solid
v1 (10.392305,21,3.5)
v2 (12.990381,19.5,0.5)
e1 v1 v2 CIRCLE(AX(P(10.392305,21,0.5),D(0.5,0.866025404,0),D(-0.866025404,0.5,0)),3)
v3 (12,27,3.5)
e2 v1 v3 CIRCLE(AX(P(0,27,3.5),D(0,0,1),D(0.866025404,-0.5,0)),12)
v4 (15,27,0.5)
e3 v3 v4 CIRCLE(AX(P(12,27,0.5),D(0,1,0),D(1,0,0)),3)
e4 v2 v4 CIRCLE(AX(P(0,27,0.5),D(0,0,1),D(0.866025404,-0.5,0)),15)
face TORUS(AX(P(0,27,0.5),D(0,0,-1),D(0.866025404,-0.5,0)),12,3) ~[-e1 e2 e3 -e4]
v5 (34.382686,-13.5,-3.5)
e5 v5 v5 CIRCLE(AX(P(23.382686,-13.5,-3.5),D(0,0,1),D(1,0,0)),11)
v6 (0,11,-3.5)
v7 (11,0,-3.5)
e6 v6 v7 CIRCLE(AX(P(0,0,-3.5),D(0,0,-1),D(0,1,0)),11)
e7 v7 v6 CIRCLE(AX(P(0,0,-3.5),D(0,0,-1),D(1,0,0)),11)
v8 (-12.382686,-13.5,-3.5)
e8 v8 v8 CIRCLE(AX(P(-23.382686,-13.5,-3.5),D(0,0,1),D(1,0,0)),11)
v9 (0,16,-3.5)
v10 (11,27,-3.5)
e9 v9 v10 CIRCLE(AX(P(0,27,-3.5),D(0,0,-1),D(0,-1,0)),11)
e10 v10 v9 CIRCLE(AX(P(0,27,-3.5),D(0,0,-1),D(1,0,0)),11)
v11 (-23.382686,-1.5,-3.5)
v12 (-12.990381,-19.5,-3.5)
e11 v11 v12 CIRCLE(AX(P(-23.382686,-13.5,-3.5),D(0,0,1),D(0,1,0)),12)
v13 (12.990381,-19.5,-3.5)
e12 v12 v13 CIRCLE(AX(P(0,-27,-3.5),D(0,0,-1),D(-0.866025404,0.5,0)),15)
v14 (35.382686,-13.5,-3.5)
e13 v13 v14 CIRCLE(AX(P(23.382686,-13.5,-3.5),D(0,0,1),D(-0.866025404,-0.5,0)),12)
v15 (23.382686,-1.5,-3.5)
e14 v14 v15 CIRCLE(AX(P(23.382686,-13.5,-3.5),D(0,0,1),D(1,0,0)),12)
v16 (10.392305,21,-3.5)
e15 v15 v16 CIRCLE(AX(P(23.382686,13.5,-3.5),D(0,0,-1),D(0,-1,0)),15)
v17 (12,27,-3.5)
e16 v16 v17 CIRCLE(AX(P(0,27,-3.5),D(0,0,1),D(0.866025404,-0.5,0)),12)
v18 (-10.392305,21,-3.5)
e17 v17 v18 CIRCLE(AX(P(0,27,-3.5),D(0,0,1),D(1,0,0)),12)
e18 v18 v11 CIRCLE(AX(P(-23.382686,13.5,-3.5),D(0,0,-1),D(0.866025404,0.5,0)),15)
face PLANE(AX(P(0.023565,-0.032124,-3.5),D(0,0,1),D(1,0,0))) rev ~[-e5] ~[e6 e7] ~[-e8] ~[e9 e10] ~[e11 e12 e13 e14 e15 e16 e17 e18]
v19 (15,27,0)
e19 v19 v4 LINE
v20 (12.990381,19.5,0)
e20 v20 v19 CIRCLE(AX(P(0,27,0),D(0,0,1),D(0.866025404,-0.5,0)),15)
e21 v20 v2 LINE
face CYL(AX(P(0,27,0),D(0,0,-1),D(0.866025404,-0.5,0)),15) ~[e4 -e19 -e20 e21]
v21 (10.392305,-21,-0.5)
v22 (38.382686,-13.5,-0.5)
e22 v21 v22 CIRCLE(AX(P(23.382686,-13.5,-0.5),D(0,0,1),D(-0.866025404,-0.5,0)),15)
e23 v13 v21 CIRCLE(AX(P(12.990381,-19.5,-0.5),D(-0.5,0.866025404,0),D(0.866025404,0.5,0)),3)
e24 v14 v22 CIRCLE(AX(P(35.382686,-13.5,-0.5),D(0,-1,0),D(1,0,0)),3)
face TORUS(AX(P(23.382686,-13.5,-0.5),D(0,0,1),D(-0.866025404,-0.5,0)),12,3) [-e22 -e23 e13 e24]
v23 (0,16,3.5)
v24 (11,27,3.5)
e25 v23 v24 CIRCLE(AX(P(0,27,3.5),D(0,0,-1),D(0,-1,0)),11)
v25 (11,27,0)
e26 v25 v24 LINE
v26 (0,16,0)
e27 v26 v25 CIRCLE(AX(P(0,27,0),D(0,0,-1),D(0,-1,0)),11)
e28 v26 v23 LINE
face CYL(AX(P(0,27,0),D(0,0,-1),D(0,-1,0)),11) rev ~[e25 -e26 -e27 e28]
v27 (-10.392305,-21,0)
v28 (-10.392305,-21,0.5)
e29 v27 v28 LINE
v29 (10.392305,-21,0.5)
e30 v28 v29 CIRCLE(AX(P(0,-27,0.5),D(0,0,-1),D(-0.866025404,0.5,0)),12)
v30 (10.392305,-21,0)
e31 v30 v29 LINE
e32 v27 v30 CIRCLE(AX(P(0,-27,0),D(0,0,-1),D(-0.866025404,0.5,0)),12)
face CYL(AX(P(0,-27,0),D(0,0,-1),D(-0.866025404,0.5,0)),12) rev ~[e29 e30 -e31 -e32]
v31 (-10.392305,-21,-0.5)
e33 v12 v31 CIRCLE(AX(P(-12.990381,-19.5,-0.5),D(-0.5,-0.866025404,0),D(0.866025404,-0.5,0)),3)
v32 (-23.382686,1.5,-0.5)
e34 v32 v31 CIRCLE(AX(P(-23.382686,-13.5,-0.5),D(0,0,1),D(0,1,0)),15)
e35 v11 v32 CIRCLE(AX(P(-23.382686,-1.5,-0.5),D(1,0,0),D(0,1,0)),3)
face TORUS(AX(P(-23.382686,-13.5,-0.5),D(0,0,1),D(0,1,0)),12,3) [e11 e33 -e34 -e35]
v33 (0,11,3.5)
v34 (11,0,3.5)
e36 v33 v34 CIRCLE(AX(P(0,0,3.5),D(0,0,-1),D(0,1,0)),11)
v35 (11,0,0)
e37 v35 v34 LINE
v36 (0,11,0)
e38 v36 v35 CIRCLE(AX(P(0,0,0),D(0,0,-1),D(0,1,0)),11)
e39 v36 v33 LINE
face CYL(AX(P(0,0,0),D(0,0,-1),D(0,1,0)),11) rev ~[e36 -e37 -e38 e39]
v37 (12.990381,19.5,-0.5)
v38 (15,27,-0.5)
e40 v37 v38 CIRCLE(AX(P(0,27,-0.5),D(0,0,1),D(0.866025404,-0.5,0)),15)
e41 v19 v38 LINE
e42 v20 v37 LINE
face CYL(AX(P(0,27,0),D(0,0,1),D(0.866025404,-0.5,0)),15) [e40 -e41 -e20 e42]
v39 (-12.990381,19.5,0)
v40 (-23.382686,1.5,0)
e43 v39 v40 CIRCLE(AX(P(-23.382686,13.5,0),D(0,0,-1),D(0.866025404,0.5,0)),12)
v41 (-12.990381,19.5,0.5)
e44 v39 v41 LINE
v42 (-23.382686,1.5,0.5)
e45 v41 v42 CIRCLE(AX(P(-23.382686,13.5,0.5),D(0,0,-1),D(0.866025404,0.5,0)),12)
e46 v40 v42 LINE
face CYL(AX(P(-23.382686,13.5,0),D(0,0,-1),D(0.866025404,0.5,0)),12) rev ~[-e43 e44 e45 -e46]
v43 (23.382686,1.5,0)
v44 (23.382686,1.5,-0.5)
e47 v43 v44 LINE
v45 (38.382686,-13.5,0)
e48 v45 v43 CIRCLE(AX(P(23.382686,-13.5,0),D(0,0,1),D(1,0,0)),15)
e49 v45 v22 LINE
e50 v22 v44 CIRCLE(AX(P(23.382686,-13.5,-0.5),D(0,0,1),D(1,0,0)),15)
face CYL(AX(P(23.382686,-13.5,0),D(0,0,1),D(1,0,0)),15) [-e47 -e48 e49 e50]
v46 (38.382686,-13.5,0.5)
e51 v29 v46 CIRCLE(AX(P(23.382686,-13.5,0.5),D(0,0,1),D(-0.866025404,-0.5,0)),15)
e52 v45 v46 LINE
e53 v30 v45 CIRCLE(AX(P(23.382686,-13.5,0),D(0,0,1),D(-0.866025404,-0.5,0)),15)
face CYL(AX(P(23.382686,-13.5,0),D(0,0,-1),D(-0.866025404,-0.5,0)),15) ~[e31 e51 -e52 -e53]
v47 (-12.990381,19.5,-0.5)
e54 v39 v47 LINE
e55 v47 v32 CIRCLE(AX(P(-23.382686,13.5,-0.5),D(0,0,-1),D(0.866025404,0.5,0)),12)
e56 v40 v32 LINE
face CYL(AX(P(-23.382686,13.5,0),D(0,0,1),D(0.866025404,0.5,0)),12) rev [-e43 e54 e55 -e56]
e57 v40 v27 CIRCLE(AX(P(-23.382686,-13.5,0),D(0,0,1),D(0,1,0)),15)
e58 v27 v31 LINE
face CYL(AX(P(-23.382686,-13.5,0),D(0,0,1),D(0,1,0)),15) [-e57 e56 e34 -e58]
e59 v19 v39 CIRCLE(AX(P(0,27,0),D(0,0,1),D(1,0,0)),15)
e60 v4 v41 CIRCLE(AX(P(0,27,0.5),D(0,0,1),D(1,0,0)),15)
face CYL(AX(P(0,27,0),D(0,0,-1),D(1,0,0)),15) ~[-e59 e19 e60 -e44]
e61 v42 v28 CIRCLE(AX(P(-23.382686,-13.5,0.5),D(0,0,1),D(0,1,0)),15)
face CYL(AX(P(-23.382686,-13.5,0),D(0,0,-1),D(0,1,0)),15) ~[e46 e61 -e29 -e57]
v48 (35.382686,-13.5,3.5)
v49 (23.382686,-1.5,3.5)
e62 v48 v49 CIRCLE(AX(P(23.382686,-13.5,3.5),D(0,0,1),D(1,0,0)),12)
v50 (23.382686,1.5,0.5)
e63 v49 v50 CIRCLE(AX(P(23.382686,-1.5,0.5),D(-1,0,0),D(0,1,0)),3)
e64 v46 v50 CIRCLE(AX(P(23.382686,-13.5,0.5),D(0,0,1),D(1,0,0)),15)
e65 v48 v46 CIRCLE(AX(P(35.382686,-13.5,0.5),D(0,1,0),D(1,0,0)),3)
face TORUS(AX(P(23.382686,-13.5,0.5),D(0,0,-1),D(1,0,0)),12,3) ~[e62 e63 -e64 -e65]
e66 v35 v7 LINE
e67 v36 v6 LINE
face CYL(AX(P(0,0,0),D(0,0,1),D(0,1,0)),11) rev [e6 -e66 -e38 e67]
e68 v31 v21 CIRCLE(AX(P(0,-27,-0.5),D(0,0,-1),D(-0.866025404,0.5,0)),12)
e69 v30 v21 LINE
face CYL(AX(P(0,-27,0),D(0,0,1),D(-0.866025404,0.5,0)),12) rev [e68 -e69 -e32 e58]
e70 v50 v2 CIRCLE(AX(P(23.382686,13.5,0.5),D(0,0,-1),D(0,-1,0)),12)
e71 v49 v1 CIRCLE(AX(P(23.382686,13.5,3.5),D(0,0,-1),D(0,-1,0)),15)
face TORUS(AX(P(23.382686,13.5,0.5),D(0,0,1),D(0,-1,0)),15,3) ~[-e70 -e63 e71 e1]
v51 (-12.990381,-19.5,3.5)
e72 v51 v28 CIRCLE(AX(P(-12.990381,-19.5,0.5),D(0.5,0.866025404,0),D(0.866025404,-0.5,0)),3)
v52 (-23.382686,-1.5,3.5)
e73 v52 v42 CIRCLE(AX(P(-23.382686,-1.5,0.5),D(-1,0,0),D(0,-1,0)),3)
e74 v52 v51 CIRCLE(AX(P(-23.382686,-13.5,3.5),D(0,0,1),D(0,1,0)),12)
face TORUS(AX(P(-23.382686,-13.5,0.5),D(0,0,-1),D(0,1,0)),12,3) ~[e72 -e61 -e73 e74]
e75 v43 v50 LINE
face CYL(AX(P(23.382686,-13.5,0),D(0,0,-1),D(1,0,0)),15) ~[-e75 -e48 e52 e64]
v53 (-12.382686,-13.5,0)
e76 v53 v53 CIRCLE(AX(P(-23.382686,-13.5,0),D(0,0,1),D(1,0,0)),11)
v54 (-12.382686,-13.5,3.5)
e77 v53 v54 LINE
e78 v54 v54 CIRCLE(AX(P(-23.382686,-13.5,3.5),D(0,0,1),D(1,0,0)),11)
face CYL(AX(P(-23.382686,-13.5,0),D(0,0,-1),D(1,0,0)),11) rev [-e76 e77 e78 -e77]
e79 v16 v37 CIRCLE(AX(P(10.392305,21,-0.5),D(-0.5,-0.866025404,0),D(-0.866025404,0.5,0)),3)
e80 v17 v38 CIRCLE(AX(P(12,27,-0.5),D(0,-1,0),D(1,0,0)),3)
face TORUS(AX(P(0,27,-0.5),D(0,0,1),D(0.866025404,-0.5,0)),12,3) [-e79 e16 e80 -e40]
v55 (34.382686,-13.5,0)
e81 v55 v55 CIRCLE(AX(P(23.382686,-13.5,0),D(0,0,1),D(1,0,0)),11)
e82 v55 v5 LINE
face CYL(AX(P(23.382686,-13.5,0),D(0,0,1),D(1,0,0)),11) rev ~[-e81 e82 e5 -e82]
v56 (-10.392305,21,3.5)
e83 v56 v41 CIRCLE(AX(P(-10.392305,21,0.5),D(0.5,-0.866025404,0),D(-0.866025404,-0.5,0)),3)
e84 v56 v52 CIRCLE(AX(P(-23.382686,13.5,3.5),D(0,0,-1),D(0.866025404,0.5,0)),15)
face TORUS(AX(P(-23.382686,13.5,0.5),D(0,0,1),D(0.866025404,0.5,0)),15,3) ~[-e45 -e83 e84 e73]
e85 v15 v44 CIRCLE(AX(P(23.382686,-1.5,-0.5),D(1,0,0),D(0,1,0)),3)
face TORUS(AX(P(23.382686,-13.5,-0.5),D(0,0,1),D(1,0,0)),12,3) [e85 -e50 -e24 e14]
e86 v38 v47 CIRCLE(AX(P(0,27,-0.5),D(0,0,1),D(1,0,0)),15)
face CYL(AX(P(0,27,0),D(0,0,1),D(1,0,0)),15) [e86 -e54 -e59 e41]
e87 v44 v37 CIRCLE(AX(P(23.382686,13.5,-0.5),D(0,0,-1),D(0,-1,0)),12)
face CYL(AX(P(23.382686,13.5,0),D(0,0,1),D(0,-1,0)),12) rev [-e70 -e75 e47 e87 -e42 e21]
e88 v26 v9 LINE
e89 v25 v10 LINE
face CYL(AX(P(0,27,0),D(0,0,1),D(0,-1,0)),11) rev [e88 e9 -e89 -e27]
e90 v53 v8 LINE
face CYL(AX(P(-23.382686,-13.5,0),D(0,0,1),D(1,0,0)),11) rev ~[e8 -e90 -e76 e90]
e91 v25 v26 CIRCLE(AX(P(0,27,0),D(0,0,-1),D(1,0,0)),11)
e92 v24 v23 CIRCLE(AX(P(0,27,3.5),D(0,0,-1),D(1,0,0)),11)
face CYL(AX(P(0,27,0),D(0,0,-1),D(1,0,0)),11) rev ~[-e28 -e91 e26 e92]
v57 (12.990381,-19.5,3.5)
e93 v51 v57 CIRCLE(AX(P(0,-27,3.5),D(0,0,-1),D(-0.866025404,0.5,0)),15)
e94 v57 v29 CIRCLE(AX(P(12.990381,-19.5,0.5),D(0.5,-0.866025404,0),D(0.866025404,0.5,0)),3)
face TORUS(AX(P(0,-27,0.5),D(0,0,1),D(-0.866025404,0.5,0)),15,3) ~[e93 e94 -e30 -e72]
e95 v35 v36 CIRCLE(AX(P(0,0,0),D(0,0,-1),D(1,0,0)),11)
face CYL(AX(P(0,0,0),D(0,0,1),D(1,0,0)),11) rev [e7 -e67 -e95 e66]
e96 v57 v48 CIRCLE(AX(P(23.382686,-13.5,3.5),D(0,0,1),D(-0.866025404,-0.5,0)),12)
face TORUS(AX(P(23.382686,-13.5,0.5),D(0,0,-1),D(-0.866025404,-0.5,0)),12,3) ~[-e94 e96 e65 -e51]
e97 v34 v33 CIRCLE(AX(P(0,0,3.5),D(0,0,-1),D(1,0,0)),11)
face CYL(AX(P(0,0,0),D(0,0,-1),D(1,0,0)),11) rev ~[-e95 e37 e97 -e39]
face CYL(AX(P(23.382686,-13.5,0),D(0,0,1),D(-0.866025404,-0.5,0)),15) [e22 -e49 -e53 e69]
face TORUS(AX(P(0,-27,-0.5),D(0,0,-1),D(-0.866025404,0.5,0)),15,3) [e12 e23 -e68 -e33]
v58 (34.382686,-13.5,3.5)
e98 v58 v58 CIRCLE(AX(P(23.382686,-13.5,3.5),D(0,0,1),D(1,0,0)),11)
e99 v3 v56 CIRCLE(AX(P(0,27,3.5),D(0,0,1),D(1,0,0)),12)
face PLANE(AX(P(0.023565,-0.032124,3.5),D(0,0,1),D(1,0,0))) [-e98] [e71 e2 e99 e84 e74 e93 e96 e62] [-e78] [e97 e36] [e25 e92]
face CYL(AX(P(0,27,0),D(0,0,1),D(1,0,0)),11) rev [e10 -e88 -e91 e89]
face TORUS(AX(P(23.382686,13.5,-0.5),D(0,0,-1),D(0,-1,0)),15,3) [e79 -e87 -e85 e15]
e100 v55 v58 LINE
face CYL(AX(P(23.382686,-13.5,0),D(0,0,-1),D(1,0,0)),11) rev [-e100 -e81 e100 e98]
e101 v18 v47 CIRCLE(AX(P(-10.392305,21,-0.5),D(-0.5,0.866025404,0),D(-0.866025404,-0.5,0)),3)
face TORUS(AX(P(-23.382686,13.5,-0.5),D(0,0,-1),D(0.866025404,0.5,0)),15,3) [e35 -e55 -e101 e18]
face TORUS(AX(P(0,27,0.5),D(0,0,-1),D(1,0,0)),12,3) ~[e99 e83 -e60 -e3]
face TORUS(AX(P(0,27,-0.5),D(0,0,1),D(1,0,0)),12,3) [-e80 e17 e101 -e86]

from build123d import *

# Parameters (mm, degrees)
F0_R     = 11
F1_DEPTH = 3.5
F2_R     = 3


with BuildPart() as f1:
    # F0 (on Top) → F1 (new body, symmetric)
    with BuildSketch(Plane.XY):
        with BuildLine():
            ThreePointArc((12.9903810568, 19.5), (7.5, 14.0096189432), (0, 12))
            ThreePointArc((0, 12), (-7.5, 14.0096189432), (-12.9903810568, 19.5))
            ThreePointArc((-12.9903810568, 19.5), (-12.9903810568, 7.5), (-23.3826859022, 1.5))
            ThreePointArc((-23.3826859022, 1.5), (-12.7760841844, -2.8933982822), (-8.3826859022, -13.5))
            ThreePointArc((-8.3826859022, -13.5), (-8.8937985078, -17.3822856765), (-10.3923048454, -21))
            ThreePointArc((-10.3923048454, -21), (0, -15), (10.3923048454, -21))
            ThreePointArc((10.3923048454, -21), (10.3923048454, -6), (23.3826859022, 1.5))
            ThreePointArc((23.3826859022, 1.5), (12.9903810568, 7.5), (12.9903810568, 19.5))
        make_face()
        with BuildLine():
            ThreePointArc((0, 11), (7.7781745931, 7.7781745931), (11, 0))
            ThreePointArc((11, 0), (-7.7781745931, -7.7781745931), (0, 11))
        make_face(mode=Mode.SUBTRACT)
        with BuildLine():
            ThreePointArc((-12.9903810568, 19.5), (-7.5, 14.0096189432), (0, 12))
            ThreePointArc((0, 12), (7.5, 14.0096189432), (12.9903810568, 19.5))
            ThreePointArc((12.9903810568, 19.5), (14.4888873943, 23.1177143235), (15, 27))
            ThreePointArc((15, 27), (-3.8822856765, 41.4888873943), (-12.9903810568, 19.5))
        make_face()
        with BuildLine():
            ThreePointArc((11, 27), (7.7781745931, 19.2218254069), (0, 16))
            ThreePointArc((0, 16), (-7.7781745931, 34.7781745931), (11, 27))
        make_face(mode=Mode.SUBTRACT)
        with BuildLine():
            ThreePointArc((-8.3826859022, -13.5), (-12.7760841844, -2.8933982822), (-23.3826859022, 1.5))
            ThreePointArc((-23.3826859022, 1.5), (-36.3730669589, -21), (-10.3923048454, -21))
            ThreePointArc((-10.3923048454, -21), (-8.8937985078, -17.3822856765), (-8.3826859022, -13.5))
        make_face()
        with Locations((-23.3826859022, -13.5)):
            Circle(F0_R, mode=Mode.SUBTRACT)
        with BuildLine():
            ThreePointArc((38.3826859022, -13.5), (33.98928762, -2.8933982822), (23.3826859022, 1.5))
            ThreePointArc((23.3826859022, 1.5), (10.3923048454, -6), (10.3923048454, -21))
            ThreePointArc((10.3923048454, -21), (27.2649715787, -27.9888873943), (38.3826859022, -13.5))
        make_face()
        with Locations((23.3826859022, -13.5)):
            Circle(F0_R, mode=Mode.SUBTRACT)
    extrude(amount=F1_DEPTH, both=True)

    # F2
    f2_edges = [f1.edges().sort_by_distance(p)[0] for p in [
        (0, 42, 3.5),
        (-36.373067, -21, -3.5),
    ]]
    fillet(f2_edges, radius=F2_R)


solid = f1.part
